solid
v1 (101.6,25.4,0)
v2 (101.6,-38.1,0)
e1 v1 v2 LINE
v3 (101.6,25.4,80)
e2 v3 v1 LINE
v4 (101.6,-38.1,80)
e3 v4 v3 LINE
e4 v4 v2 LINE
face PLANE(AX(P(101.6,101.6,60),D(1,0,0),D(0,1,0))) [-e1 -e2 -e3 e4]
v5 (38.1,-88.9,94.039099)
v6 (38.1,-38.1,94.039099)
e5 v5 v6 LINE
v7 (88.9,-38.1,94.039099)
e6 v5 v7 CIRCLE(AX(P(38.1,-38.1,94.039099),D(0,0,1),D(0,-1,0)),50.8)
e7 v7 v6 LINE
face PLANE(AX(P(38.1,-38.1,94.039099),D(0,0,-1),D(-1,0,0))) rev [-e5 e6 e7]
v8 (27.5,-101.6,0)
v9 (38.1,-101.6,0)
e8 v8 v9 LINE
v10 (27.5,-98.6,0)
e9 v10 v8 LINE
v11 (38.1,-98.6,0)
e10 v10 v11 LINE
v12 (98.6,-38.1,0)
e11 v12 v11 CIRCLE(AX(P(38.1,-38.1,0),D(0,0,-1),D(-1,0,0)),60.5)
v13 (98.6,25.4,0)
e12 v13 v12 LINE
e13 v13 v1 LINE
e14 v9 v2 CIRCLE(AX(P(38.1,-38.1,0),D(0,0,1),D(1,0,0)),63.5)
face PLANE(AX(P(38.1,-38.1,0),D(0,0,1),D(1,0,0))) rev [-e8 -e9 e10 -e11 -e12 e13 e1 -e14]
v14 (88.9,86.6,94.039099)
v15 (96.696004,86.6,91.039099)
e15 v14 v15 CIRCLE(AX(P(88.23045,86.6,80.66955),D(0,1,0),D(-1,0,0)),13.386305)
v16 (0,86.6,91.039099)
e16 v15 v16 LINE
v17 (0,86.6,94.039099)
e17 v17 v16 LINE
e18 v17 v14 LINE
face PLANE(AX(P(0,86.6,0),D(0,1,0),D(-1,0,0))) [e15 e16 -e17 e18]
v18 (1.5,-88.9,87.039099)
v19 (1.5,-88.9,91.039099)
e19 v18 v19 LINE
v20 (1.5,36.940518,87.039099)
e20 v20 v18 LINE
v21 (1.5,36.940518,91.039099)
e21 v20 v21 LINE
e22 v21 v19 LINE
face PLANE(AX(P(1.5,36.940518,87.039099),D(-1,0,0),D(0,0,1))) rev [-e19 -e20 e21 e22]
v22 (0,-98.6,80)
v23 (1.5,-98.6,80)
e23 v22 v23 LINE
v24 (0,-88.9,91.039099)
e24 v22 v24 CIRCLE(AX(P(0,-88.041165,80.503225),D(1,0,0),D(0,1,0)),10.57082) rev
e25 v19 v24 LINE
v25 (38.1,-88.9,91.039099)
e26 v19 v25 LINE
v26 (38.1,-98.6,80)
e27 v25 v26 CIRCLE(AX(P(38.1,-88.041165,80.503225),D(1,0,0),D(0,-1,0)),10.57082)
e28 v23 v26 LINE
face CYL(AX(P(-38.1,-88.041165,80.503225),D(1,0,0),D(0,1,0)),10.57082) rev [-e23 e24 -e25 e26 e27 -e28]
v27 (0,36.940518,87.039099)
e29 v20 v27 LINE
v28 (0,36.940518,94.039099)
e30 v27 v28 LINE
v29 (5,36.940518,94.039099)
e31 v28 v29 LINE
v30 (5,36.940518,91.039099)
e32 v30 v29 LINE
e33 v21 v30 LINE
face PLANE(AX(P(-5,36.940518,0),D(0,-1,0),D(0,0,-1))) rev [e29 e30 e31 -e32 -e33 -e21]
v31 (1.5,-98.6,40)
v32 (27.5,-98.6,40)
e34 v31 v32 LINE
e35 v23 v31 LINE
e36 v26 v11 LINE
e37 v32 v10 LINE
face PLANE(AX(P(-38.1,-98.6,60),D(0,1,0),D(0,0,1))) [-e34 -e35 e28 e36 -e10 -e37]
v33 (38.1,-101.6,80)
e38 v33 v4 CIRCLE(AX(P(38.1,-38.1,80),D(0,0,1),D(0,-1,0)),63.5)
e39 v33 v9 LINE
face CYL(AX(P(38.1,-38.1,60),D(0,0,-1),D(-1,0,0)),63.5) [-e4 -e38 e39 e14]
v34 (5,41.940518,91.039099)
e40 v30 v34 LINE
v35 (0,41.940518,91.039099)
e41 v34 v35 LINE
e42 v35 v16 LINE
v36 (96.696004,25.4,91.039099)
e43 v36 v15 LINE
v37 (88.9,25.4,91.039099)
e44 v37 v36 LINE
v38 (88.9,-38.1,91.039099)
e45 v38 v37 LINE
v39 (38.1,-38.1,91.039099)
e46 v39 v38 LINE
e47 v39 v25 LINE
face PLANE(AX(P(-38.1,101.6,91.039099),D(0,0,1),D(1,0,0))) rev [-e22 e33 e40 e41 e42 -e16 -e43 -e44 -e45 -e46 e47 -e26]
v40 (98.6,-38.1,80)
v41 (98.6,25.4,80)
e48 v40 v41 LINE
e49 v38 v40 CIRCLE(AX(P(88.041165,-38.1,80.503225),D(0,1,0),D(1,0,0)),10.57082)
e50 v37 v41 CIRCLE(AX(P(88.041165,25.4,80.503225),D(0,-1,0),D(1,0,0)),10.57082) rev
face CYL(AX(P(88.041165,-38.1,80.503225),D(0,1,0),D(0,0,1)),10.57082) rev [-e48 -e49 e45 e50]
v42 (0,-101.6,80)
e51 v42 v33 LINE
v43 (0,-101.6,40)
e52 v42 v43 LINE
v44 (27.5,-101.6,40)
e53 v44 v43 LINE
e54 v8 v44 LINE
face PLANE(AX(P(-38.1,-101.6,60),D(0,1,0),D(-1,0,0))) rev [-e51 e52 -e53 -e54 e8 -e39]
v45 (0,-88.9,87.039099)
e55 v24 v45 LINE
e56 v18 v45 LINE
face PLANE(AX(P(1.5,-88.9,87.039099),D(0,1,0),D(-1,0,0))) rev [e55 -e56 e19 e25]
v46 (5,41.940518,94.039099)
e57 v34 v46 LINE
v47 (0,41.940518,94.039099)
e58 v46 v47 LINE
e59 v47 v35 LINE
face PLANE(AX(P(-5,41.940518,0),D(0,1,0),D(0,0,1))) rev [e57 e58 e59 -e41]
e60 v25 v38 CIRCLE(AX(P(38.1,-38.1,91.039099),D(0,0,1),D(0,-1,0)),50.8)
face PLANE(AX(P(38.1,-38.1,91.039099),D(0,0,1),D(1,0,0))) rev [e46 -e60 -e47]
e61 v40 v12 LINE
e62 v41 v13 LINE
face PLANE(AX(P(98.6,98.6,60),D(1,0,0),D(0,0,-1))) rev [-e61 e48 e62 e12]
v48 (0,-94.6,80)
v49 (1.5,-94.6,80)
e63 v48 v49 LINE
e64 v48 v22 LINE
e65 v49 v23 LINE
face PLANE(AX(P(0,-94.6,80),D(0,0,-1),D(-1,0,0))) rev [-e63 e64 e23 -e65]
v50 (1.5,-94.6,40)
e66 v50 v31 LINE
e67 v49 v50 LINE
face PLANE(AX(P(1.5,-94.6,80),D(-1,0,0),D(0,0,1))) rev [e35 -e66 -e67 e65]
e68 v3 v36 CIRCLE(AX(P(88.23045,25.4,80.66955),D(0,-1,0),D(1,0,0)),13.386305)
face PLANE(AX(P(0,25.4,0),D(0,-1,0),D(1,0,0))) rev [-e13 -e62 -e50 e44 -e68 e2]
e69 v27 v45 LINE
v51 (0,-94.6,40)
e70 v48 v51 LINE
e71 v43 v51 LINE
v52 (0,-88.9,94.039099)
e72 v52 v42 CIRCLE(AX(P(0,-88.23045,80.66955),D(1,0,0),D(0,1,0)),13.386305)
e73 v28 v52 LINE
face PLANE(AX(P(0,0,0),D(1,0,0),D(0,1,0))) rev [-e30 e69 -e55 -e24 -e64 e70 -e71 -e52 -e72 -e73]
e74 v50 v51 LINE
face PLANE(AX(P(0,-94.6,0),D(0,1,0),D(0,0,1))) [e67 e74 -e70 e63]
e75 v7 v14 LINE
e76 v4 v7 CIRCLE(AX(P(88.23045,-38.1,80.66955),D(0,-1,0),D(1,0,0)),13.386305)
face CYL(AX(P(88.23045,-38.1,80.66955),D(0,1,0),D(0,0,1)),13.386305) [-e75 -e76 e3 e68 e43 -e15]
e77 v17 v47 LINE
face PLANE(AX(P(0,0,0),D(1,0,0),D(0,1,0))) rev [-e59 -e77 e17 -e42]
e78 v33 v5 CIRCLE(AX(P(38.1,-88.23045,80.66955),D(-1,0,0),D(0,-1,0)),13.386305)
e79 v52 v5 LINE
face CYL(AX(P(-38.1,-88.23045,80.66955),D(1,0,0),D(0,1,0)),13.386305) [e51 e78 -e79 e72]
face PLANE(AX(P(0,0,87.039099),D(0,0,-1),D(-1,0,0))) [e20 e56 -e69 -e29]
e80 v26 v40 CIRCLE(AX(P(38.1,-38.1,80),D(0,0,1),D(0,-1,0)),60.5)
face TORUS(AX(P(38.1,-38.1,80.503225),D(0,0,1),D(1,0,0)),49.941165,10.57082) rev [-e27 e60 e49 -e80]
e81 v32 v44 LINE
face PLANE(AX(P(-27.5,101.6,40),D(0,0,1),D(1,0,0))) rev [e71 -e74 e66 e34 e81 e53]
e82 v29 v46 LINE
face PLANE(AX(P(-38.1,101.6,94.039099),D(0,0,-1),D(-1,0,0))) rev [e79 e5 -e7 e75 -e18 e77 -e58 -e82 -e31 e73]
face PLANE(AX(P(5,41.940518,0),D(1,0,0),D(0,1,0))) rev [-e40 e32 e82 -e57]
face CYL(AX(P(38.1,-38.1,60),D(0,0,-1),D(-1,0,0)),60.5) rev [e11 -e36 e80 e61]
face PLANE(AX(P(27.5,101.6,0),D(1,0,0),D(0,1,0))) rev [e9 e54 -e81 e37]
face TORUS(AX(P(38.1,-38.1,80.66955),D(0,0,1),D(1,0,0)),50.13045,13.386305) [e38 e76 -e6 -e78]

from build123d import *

# Parameters (mm, degrees)
BOSS_EXTRUDE1_DEPTH = 60
SKETCH6_W           = 76.2
SKETCH6_H           = 139.7
BOSS_EXTRUDE3_DEPTH = 3
SKETCH7_W           = 254.695348458
SKETCH7_H           = 135.329086622
CUT_EXTRUDE1_DEPTH  = 76.2
SKETCH8_W           = 10
SKETCH8_H           = 5
CUT_EXTRUDE2_DEPTH  = 172.74190537
SKETCH9_W           = 55
SKETCH9_H           = 40
CUT_EXTRUDE3_DEPTH  = 246.885251985
SKETCH10_W          = 200.764393162
SKETCH10_H          = 14.388440844
CUT_EXTRUDE4_DEPTH  = 15
BOSS_EXTRUDE4_DEPTH = 4
BOSS_EXTRUDE5_DEPTH = 4
SKETCH13_W          = 162.798604232
SKETCH13_H          = 246.735608635
CUT_EXTRUDE5_DEPTH  = 101.6


with BuildPart() as part:
    # Sketch1 → Boss-Extrude1 (new body)
    with BuildSketch(Plane.XY):
        with BuildLine():
            Line((-101.6, 101.6), (-101.6, -38.1))
            ThreePointArc((-101.6, -38.1), (-83.001280605, -83.001280605), (-38.1, -101.6))
            Line((-38.1, -101.6), (38.1, -101.6))
            ThreePointArc((38.1, -101.6), (83.001280605, -83.001280605), (101.6, -38.1))
            Line((101.6, -38.1), (101.6, 101.6))
            Line((101.6, 101.6), (-101.6, 101.6))
        make_face()
        with BuildLine():
            Line((-98.6, 98.6), (-98.6, -38.1))
            ThreePointArc((-98.6, -38.1), (-80.879960262, -80.879960262), (-38.1, -98.6))
            Line((-38.1, -98.6), (38.1, -98.6))
            ThreePointArc((38.1, -98.6), (80.879960262, -80.879960262), (98.6, -38.1))
            Line((98.6, -38.1), (98.6, 98.6))
            Line((98.6, 98.6), (-98.6, 98.6))
        make_face(mode=Mode.SUBTRACT)
    extrude(amount=BOSS_EXTRUDE1_DEPTH)

    # Sweep2: sweep along a path in Sketch5
    with BuildLine(Plane.XY.offset(60)) as sweep2_path:
        Line((-100.1, 101.6), (-100.1, -38.1))
        ThreePointArc((-100.1, -38.1), (-81.940620434, -81.940620434), (-38.1, -100.1))
        Line((-38.1, -100.1), (38.1, -100.1))
        ThreePointArc((38.1, -100.1), (81.940620434, -81.940620434), (100.1, -38.1))
        Line((100.1, -38.1), (100.1, 101.6))
    # Sketch3 → Sweep2 (sweep)
    with BuildSketch(Plane(origin=(0, 101.6, 0), x_dir=(1, 0, 0), z_dir=(0, 1, 0))):
        with BuildLine():
            Line((-38.1, -91.039099262), (-88.9, -91.039099262))
            ThreePointArc((-88.9, -91.039099262), (-95.981959893, -87.480761361), (-98.6, -80))
            Line((-98.6, -80), (-98.6, -60))
            Line((-98.6, -60), (-101.6, -60))
            Line((-101.6, -60), (-101.6, -80))
            ThreePointArc((-101.6, -80), (-98.157592659, -89.649805752), (-88.9, -94.039099262))
            Line((-88.9, -94.039099262), (-38.1, -94.039099262))
            Line((-38.1, -94.039099262), (-38.1, -91.039099262))
        make_face()
    sweep(path=sweep2_path.line)

    # Sketch6 → Boss-Extrude3 (add)
    with BuildSketch(Plane.XY.offset(94.039099262)):
        with Locations((0, 31.75)):
            Rectangle(SKETCH6_W, SKETCH6_H)
    extrude(amount=-BOSS_EXTRUDE3_DEPTH)

    # Sketch7 → Cut-Extrude1 (cut)
    with BuildSketch(Plane(origin=(0, 101.6, 0), x_dir=(1, 0, 0), z_dir=(0, 1, 0))):
        with Locations((-4.889183354, -23.374555951)):
            Rectangle(SKETCH7_W, SKETCH7_H)
    extrude(amount=-CUT_EXTRUDE1_DEPTH, mode=Mode.SUBTRACT)

    # Sketch8 → Cut-Extrude2 (cut, through all)
    with BuildSketch(Plane.XY.offset(94.039099262)):
        with Locations((0, 39.440517612)):
            Rectangle(SKETCH8_W, SKETCH8_H)
    extrude(amount=-CUT_EXTRUDE2_DEPTH, mode=Mode.SUBTRACT)

    # Sketch9 → Cut-Extrude3 (cut, through all)
    with BuildSketch(Plane(origin=(0, -101.6, 0), x_dir=(-1, 0, 0), z_dir=(0, -1, 0))):
        with Locations((0, -20)):
            Rectangle(SKETCH9_W, SKETCH9_H)
    extrude(amount=-CUT_EXTRUDE3_DEPTH, mode=Mode.SUBTRACT)

    # Sketch10 → Cut-Extrude4 (cut)
    with BuildSketch(Plane(origin=(0, 101.6, 0), x_dir=(1, 0, 0), z_dir=(0, 1, 0))):
        with Locations((0, -94.039099262)):
            Rectangle(SKETCH10_W, SKETCH10_H)
    extrude(amount=-CUT_EXTRUDE4_DEPTH, mode=Mode.SUBTRACT)

    # Sketch11 → Boss-Extrude4 (add)
    with BuildSketch(Plane(origin=(0, -98.6, 0), x_dir=(1, 0, 0), z_dir=(0, 1, 0))):
        Polygon((0, -80), (1.5, -80), (1.5, -40), (0, -40), (-1.5, -40), (-1.5, -80), align=None)
    extrude(amount=BOSS_EXTRUDE4_DEPTH)

    # Sketch12 → Boss-Extrude5 (add)
    with BuildSketch(Plane(origin=(0, 0, 91.039099262), x_dir=(-1, 0, 0), z_dir=(0, 0, -1))):
        Polygon((-1.5, -88.9), (0, -88.9), (1.5, -88.9), (1.5, 36.940517612), (-1.5, 36.940517612), align=None)
    extrude(amount=BOSS_EXTRUDE5_DEPTH)

    # Sketch13 → Cut-Extrude5 (cut)
    with BuildSketch(Plane.ZY.offset(101.6)):
        with Locations((24.668934791, -31.353857456)):
            Rectangle(SKETCH13_W, SKETCH13_H)
    extrude(amount=-CUT_EXTRUDE5_DEPTH, mode=Mode.SUBTRACT)


with BuildPart() as cut_extrude5_kept_piece:
    # of the separate pieces the step leaves, the one the design keeps (cut_extrude5_pieces_kept)
    add(part.part.solids().sort_by_distance((0, 86.6, 91.039099262))[0])


solid = cut_extrude5_kept_piece.part
